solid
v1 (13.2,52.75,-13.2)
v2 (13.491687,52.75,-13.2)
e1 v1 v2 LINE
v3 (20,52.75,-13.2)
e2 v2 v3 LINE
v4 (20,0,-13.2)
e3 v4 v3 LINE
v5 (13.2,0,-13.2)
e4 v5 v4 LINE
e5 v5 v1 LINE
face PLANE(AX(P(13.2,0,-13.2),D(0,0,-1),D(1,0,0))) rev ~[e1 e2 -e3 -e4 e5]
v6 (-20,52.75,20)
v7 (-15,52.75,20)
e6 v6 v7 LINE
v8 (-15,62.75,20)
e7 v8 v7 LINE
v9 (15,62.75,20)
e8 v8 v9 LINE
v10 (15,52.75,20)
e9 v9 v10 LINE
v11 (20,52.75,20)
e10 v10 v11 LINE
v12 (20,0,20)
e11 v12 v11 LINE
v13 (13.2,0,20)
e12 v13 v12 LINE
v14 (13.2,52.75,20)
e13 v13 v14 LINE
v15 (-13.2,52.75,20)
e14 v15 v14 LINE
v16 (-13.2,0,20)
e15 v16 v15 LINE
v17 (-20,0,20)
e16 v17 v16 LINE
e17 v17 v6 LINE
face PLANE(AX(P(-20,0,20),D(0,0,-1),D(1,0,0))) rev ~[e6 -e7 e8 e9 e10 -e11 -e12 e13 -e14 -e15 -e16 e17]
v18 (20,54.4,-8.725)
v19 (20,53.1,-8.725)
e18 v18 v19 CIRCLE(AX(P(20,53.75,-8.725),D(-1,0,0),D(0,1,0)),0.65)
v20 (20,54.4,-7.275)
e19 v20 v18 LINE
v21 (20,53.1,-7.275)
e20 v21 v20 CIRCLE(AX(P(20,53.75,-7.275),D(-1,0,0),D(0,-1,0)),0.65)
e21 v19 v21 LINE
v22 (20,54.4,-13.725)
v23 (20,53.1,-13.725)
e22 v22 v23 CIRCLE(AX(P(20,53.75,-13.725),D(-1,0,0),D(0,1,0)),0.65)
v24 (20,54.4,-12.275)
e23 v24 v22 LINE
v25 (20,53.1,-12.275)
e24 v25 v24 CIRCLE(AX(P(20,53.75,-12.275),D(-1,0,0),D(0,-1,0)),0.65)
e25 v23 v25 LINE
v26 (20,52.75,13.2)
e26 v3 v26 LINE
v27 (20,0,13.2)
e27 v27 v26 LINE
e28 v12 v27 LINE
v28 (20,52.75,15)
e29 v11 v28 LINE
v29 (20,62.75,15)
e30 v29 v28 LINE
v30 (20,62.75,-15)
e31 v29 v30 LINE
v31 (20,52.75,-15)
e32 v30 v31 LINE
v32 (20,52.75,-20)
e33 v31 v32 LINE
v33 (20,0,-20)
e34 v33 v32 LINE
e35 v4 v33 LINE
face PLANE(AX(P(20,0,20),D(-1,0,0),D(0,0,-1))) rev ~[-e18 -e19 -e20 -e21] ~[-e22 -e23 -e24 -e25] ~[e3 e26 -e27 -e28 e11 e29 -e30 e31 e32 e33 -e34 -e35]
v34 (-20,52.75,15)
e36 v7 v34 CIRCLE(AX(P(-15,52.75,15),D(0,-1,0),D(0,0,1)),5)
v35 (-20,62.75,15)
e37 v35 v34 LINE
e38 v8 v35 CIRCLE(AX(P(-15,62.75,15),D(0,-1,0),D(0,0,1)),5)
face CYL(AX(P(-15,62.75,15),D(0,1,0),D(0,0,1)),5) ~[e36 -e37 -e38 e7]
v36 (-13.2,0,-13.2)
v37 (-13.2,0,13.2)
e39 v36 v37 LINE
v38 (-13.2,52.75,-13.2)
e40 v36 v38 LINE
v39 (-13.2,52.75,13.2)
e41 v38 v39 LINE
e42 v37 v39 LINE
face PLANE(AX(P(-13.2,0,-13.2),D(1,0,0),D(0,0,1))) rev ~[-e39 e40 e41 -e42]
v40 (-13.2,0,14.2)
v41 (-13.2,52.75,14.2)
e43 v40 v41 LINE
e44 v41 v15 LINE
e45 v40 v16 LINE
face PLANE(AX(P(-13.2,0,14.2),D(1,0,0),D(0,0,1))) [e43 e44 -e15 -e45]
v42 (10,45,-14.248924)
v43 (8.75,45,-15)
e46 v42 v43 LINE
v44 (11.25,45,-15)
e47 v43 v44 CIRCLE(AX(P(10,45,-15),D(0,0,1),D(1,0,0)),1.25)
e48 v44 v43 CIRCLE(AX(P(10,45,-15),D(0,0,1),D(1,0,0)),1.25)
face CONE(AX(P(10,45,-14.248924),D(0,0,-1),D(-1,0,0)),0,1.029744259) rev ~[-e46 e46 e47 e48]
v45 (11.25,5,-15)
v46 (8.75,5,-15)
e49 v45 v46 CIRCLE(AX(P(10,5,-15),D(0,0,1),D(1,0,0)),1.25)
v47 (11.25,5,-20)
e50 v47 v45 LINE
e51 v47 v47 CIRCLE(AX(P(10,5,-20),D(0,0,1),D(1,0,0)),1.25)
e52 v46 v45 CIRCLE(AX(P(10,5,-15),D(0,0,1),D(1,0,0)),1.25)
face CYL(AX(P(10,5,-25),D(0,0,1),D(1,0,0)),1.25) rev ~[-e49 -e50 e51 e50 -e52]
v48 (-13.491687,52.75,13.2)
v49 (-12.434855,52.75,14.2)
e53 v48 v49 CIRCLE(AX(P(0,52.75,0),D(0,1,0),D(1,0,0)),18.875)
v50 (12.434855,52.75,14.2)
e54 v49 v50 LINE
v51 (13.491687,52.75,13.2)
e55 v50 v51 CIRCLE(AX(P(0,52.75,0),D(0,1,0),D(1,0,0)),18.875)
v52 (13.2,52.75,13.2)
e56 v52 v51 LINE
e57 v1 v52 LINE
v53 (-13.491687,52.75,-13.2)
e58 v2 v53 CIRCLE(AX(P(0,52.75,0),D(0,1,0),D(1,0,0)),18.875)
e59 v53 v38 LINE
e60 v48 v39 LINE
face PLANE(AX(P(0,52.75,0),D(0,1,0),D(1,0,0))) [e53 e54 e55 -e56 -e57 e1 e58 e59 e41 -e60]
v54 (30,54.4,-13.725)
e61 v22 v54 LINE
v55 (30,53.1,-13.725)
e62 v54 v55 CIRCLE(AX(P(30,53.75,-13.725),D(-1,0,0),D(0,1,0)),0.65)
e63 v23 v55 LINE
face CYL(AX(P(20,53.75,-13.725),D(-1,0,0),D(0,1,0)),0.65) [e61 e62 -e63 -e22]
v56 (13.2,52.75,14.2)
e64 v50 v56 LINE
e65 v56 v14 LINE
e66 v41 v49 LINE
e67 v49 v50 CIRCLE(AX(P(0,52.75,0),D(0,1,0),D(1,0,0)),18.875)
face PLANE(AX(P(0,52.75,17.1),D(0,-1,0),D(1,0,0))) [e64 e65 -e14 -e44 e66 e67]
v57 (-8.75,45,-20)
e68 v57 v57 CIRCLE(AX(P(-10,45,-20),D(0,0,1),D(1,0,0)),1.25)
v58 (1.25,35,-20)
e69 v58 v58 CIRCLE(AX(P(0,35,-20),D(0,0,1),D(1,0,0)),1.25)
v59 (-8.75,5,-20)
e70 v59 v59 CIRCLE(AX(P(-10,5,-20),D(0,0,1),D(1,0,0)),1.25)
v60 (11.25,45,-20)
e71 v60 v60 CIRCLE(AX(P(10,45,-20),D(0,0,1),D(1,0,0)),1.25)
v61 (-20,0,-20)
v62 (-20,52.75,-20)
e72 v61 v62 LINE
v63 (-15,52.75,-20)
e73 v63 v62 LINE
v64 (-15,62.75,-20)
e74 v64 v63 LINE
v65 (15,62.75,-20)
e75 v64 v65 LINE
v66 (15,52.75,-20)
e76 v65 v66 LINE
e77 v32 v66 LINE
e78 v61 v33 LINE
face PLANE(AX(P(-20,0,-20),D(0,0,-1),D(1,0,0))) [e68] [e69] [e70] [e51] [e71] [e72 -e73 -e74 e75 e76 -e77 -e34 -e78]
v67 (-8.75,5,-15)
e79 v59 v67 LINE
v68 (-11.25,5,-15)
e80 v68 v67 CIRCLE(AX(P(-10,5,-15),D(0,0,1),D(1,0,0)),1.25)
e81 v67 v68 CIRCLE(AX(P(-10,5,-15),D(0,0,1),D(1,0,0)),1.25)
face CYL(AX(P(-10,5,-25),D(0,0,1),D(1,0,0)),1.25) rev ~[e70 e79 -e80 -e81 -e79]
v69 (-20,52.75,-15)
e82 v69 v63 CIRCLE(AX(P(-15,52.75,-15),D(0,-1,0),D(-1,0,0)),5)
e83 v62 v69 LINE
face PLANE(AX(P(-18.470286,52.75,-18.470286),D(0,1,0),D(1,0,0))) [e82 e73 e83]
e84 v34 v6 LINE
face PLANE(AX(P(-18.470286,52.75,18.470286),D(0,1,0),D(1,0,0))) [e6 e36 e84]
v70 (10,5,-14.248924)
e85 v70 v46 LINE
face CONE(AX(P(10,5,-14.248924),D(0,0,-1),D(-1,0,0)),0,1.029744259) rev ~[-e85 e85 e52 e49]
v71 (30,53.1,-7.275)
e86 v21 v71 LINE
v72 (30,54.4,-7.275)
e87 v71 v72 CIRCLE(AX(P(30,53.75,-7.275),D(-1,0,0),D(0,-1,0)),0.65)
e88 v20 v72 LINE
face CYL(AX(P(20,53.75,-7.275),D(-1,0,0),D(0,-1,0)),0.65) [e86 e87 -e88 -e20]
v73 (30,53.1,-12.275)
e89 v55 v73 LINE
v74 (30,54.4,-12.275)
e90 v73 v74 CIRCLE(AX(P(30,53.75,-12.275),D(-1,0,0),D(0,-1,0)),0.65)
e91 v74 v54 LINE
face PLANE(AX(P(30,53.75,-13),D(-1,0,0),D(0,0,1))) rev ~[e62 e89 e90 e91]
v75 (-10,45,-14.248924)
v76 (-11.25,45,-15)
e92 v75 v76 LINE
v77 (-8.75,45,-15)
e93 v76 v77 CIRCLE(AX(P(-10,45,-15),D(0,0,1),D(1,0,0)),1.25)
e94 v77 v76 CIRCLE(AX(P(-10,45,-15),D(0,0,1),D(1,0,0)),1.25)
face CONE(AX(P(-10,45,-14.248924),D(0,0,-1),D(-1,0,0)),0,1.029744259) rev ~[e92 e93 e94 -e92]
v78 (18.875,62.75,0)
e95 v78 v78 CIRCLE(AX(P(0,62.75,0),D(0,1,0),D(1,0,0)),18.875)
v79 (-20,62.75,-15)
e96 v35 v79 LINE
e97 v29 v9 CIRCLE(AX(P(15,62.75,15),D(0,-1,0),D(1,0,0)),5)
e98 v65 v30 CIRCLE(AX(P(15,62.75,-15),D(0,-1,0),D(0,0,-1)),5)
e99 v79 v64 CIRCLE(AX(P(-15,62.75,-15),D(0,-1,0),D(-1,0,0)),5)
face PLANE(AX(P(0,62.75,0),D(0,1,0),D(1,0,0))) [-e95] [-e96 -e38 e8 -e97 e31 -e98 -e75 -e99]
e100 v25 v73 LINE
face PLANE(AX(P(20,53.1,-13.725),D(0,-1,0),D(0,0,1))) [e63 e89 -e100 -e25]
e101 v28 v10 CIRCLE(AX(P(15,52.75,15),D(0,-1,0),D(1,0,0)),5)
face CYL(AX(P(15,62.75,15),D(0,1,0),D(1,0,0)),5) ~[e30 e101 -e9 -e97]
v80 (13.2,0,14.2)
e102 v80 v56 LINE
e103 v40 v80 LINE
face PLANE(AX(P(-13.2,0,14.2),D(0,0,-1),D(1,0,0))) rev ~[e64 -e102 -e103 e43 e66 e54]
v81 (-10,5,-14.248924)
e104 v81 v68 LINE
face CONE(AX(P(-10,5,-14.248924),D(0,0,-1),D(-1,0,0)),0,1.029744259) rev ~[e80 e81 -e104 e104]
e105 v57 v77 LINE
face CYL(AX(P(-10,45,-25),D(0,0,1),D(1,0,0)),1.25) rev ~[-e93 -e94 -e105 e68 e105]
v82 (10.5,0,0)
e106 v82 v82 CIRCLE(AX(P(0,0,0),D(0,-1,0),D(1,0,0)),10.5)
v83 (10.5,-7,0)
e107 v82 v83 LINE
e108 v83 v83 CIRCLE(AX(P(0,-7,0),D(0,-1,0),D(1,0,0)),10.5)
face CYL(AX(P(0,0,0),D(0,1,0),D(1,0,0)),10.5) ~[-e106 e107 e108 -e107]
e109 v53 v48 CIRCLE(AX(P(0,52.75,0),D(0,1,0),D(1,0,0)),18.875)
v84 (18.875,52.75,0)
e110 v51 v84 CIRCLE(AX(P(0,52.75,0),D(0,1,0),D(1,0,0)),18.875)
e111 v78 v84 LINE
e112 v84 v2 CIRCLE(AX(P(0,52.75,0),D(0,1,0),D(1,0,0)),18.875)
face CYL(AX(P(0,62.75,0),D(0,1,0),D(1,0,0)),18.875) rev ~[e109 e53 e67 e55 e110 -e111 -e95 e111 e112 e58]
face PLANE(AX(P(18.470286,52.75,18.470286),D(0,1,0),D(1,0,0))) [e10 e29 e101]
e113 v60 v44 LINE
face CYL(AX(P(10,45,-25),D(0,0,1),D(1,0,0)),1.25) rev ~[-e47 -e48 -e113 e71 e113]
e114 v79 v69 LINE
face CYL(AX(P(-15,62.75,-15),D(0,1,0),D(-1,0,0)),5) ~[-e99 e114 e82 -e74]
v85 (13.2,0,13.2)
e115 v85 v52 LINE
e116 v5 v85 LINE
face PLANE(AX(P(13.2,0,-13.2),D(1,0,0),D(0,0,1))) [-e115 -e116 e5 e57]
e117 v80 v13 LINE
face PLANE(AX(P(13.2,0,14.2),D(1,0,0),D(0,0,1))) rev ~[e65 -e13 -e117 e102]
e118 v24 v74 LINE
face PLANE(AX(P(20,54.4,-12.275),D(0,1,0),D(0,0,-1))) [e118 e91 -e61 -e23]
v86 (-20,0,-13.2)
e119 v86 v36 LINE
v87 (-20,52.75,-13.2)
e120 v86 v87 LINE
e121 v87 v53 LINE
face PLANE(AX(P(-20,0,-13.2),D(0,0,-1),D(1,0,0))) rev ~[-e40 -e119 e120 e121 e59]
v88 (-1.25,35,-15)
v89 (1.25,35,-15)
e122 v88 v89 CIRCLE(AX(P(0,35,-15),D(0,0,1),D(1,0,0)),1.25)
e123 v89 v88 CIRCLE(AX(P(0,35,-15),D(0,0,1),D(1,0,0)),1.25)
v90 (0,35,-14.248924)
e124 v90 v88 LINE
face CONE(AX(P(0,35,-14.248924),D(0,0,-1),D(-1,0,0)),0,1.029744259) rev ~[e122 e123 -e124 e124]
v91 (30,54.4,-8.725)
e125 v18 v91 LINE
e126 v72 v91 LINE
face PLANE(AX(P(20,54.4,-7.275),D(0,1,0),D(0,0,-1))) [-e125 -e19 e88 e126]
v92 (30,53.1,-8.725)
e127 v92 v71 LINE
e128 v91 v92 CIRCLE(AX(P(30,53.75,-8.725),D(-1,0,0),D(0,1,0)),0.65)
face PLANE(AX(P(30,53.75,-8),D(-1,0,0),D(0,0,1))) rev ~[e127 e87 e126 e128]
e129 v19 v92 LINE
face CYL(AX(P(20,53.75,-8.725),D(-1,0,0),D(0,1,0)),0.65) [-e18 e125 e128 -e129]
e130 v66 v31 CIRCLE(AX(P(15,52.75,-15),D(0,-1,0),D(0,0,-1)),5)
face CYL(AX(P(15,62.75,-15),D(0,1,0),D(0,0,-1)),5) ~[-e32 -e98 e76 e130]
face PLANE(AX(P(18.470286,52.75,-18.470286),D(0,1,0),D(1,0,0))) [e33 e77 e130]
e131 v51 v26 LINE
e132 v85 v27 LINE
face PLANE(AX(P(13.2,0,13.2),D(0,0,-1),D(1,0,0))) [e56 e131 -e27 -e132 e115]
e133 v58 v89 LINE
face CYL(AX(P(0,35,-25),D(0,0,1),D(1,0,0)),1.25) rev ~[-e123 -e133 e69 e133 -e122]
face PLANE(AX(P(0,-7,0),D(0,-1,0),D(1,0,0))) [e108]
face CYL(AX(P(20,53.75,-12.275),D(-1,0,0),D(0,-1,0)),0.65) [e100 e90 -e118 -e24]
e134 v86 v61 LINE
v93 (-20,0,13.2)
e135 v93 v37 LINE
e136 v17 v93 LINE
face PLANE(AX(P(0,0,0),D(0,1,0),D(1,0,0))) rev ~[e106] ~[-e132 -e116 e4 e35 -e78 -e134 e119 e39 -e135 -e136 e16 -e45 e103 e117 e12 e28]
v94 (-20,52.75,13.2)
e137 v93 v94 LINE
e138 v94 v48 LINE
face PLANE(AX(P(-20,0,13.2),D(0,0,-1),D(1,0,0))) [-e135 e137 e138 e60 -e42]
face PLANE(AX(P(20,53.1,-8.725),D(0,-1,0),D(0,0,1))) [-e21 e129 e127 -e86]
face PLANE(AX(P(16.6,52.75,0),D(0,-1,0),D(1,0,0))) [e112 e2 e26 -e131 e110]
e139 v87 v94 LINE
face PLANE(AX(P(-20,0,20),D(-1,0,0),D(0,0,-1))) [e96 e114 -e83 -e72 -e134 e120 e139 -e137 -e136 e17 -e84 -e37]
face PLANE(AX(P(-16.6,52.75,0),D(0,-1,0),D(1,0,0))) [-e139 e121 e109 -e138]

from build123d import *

# Parameters (mm, degrees)
SKETCH1_W                 = 40
SKETCH1_H                 = 40
BOSS_EXTRUDE1_DEPTH       = 62.75
SKETCH2_R                 = 18.875
CUT_EXTRUDE1_DEPTH        = 10
SKETCH4_R                 = 10.5
BOSS_EXTRUDE2_DEPTH       = 7
SKETCH5_W                 = 26.4
SKETCH5_H                 = 5.8
SKETCH5_W_2               = 6.8
SKETCH5_H_2               = 26.4
CUT_EXTRUDE2_DEPTH        = 52.75
M3X0_5_TAPPED_HOLE1_D     = 2.5
M3X0_5_TAPPED_HOLE1_DEPTH = 5
M3X0_5_TAPPED_HOLE1_TIP   = 0.751075774
BOSS_EXTRUDE3_DEPTH       = 10


with BuildPart() as part:
    # Sketch1 → Boss-Extrude1 (new body)
    with BuildSketch(Plane(origin=(0, 0, 0), x_dir=(1, 0, 0), z_dir=(0, 1, 0))):
        Rectangle(SKETCH1_W, SKETCH1_H)
    extrude(amount=BOSS_EXTRUDE1_DEPTH)

    # Sketch2 → Cut-Extrude1 (cut)
    with BuildSketch(Plane(origin=(0, 62.75, 0), x_dir=(1, 0, 0), z_dir=(0, 1, 0))):
        Circle(SKETCH2_R)
        with BuildLine():
            ThreePointArc((-15, -20), (-18.535533906, -18.535533906), (-20, -15))
            Line((-20, -15), (-20, -20))
            Line((-20, -20), (-15, -20))
        make_face()
        with BuildLine():
            ThreePointArc((20, -15), (18.535533906, -18.535533906), (15, -20))
            Line((15, -20), (20, -20))
            Line((20, -20), (20, -15))
        make_face()
        with BuildLine():
            Line((20, 20), (15, 20))
            ThreePointArc((15, 20), (18.535533906, 18.535533906), (20, 15))
            Line((20, 15), (20, 20))
        make_face()
        with BuildLine():
            Line((-15, 20), (-20, 20))
            Line((-20, 20), (-20, 15))
            ThreePointArc((-20, 15), (-18.535533906, 18.535533906), (-15, 20))
        make_face()
    extrude(amount=-CUT_EXTRUDE1_DEPTH, mode=Mode.SUBTRACT)

    # Sketch4 → Boss-Extrude2 (add)
    with BuildSketch(Plane.XZ):
        Circle(SKETCH4_R)
    extrude(amount=BOSS_EXTRUDE2_DEPTH)

    # Sketch5 → Cut-Extrude2 (cut)
    with BuildSketch(Plane.XZ):
        with Locations((0, 17.1)):
            Rectangle(SKETCH5_W, SKETCH5_H)
        with Locations((16.6, 0)):
            Rectangle(SKETCH5_W_2, SKETCH5_H_2)
        with Locations((-16.6, 0)):
            Rectangle(SKETCH5_W_2, SKETCH5_H_2)
    extrude(amount=-CUT_EXTRUDE2_DEPTH, mode=Mode.SUBTRACT)

    # M3x0.5 Tapped Hole1
    with Locations(Plane(origin=(0, 0, -20), x_dir=(-1, 0, 0), z_dir=(0, 0, -1))):
        with Locations((-10, 45), (10, 45), (10, 5), (-10, 5), (0, 35)):
            Hole(M3X0_5_TAPPED_HOLE1_D / 2, depth=M3X0_5_TAPPED_HOLE1_DEPTH)
            with Locations((0, 0, -(M3X0_5_TAPPED_HOLE1_DEPTH + M3X0_5_TAPPED_HOLE1_TIP / 2))):  # 118° drill point
                Cone(0, M3X0_5_TAPPED_HOLE1_D / 2, M3X0_5_TAPPED_HOLE1_TIP, mode=Mode.SUBTRACT)

    # Sketch9 → Boss-Extrude3 (add)
    with BuildSketch(Plane(origin=(20, 0, 0), x_dir=(0, 0, -1), z_dir=(1, 0, 0))):
        with BuildLine():
            Line((7.275, 54.4), (8.725, 54.4))
            ThreePointArc((8.725, 54.4), (9.375, 53.75), (8.725, 53.1))
            Line((8.725, 53.1), (7.275, 53.1))
            ThreePointArc((7.275, 53.1), (6.625, 53.75), (7.275, 54.4))
        make_face()
        with BuildLine():
            Line((12.275, 54.4), (13.725, 54.4))
            ThreePointArc((13.725, 54.4), (14.375, 53.75), (13.725, 53.1))
            Line((13.725, 53.1), (12.275, 53.1))
            ThreePointArc((12.275, 53.1), (11.625, 53.75), (12.275, 54.4))
        make_face()
    extrude(amount=BOSS_EXTRUDE3_DEPTH)


solid = part.part
